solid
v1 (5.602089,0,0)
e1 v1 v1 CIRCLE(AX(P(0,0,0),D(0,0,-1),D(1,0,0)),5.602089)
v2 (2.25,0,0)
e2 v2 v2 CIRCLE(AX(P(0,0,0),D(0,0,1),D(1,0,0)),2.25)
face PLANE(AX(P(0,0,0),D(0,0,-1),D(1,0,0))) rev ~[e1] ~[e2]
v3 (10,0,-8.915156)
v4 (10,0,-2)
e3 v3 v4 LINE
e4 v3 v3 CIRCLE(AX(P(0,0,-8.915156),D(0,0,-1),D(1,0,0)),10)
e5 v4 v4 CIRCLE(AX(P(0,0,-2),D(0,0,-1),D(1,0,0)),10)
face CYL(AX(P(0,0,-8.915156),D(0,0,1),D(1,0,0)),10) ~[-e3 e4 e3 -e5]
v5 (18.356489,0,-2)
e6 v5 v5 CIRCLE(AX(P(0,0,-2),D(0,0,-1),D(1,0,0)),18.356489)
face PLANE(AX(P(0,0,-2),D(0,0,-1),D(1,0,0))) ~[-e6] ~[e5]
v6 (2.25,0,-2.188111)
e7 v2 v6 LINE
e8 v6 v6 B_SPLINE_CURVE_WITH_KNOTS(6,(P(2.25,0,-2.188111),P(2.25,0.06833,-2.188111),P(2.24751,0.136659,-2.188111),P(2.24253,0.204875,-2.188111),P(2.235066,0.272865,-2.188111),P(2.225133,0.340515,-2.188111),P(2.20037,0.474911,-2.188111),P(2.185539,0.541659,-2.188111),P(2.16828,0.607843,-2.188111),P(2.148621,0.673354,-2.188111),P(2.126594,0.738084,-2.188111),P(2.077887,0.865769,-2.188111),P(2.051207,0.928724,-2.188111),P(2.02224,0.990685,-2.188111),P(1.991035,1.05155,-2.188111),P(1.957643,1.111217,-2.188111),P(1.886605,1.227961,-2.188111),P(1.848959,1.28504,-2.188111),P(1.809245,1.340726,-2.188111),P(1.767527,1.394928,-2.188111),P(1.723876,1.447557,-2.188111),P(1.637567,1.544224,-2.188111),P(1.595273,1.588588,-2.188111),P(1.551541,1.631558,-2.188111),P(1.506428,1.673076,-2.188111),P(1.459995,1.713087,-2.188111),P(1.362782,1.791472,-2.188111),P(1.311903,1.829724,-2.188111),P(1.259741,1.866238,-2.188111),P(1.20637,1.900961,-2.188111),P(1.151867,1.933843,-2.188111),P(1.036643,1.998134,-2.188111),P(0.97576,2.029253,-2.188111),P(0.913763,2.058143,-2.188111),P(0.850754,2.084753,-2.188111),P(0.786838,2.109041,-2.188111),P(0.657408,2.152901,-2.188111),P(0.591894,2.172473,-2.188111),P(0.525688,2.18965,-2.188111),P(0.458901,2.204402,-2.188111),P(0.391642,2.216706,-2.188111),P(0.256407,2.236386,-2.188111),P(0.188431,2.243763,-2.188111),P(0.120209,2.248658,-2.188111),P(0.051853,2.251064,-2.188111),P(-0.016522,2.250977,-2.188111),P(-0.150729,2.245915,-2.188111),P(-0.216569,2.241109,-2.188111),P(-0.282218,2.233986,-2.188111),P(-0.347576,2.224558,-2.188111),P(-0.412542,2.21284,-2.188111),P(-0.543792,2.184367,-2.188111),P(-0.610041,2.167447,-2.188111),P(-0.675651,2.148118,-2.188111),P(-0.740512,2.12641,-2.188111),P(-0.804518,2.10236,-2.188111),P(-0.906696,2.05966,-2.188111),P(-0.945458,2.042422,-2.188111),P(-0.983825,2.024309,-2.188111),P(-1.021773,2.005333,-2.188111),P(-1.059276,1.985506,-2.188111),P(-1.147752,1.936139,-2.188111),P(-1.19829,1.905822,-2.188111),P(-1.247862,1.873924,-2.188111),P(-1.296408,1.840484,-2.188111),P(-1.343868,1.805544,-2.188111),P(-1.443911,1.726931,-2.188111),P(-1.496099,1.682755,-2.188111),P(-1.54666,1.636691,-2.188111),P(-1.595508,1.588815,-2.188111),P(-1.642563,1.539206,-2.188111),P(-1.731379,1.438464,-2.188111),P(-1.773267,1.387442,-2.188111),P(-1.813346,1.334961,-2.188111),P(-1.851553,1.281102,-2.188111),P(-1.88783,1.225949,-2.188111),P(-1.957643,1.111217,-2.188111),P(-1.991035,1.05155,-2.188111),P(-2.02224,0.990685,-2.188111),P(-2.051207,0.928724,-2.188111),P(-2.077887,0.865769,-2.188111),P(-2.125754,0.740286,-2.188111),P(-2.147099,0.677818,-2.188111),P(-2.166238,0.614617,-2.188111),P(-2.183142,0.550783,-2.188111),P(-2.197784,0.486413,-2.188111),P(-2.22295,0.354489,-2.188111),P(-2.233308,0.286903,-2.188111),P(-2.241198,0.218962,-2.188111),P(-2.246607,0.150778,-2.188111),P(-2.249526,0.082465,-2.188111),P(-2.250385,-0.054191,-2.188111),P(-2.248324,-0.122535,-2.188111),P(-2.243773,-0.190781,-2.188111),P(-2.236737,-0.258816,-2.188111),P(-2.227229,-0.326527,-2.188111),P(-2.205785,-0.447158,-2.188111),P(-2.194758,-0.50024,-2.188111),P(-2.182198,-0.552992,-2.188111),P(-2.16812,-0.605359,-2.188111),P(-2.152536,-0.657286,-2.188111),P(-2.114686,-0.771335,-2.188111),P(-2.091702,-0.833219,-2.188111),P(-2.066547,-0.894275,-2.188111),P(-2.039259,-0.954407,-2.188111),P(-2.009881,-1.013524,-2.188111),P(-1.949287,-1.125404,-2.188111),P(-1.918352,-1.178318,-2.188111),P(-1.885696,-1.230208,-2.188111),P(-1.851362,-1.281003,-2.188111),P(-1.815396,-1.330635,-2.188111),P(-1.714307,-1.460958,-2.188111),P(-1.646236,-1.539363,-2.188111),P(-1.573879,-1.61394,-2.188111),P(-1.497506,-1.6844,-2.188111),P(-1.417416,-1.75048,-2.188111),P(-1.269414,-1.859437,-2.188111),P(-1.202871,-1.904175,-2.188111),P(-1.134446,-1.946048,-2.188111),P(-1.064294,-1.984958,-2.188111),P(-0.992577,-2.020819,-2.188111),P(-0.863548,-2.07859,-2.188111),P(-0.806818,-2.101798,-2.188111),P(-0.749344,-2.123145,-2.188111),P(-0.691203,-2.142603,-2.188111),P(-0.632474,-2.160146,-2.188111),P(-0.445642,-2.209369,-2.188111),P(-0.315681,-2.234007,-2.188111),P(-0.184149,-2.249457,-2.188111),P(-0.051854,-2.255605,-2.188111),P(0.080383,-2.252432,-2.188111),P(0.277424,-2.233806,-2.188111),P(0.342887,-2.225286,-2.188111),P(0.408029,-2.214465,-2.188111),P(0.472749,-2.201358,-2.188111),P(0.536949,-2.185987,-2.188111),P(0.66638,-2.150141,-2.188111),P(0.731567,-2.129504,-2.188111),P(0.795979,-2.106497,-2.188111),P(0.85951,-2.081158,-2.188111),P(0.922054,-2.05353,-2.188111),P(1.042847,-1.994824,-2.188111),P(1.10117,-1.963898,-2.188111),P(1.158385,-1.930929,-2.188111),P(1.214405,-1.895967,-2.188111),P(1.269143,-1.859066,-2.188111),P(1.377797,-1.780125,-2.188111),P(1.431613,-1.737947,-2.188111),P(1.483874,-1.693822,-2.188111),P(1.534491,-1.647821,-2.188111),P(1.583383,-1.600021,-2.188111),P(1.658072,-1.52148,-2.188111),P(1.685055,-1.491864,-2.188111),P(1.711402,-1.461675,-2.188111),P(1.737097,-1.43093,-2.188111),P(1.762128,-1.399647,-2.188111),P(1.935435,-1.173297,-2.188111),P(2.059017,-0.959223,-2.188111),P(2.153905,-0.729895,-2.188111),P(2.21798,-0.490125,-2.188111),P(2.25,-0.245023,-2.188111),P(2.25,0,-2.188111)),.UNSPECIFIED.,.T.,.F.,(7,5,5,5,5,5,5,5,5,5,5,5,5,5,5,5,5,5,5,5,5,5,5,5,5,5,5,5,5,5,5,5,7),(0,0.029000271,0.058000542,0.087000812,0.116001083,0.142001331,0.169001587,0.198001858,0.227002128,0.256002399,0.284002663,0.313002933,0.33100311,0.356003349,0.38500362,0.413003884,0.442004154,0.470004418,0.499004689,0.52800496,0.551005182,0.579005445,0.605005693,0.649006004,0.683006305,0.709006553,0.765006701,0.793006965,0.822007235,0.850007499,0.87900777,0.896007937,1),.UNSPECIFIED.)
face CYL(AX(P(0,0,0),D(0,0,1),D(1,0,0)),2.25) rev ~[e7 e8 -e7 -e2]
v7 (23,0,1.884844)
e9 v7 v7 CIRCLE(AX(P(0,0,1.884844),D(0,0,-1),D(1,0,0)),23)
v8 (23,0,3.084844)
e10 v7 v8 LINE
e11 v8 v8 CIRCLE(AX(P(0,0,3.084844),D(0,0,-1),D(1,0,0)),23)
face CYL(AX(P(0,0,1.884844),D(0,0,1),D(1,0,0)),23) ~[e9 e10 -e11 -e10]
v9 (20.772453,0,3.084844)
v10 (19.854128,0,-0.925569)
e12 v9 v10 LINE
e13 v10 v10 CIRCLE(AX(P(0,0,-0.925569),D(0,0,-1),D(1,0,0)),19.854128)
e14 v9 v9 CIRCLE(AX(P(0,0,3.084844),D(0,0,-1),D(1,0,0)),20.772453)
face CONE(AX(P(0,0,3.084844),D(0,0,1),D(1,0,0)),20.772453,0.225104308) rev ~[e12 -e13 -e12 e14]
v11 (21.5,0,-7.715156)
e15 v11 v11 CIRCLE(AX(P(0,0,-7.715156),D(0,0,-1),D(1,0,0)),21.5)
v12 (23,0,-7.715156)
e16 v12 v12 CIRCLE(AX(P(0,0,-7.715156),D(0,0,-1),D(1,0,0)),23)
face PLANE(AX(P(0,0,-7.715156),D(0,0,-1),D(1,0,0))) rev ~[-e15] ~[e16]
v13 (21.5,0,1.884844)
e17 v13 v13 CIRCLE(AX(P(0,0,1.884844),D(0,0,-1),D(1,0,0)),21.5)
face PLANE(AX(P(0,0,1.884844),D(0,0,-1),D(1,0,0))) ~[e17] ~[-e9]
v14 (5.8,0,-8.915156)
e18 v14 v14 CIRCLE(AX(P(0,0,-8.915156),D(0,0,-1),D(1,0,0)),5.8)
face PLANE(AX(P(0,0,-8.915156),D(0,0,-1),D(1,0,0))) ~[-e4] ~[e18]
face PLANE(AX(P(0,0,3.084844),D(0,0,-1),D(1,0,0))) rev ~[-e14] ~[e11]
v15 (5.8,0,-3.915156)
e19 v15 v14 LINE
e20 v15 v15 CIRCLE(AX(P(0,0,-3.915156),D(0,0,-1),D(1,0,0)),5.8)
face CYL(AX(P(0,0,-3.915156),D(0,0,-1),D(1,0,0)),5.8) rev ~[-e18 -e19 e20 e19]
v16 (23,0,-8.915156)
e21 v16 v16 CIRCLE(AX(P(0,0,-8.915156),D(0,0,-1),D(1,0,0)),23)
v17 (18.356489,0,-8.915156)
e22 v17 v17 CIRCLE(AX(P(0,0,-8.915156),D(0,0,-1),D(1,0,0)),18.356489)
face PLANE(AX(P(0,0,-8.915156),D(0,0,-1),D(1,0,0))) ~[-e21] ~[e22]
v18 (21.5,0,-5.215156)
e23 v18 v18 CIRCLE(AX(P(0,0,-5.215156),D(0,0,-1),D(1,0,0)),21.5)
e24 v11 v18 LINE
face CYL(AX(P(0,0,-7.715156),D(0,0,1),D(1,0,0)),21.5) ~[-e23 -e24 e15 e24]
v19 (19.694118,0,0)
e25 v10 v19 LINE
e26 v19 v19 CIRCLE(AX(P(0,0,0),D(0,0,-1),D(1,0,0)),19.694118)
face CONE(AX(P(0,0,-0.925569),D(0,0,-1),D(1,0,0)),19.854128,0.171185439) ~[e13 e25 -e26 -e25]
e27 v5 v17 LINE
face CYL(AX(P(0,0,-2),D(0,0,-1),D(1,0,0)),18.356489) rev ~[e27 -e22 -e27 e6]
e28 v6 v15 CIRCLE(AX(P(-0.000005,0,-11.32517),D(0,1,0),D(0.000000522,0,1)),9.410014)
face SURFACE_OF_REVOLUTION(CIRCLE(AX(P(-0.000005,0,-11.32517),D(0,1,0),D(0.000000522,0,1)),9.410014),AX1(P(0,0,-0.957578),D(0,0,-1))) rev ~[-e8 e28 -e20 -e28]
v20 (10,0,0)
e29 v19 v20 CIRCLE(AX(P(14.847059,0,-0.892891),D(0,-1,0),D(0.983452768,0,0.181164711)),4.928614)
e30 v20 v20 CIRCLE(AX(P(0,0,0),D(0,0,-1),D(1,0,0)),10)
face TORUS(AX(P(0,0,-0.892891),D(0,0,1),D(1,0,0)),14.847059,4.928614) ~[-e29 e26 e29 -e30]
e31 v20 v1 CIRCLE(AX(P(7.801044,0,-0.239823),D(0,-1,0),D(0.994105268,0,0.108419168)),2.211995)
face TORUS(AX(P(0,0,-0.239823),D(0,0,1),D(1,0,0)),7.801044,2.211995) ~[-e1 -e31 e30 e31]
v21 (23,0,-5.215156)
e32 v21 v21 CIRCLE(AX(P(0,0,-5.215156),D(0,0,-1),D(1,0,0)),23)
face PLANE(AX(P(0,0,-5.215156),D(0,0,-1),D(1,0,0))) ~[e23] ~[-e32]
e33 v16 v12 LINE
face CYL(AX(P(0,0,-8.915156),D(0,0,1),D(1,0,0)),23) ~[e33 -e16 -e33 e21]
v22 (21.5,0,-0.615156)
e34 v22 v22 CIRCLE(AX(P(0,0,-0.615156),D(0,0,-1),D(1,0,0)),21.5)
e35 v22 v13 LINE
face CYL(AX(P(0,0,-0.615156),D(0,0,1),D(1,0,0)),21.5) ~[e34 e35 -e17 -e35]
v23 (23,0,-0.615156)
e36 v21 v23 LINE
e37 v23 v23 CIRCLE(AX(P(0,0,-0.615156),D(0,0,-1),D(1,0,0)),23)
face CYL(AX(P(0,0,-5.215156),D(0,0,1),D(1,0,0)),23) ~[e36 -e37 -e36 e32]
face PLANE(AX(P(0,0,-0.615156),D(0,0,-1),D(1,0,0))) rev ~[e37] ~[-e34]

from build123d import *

# Parameters (mm, degrees)
F2_R     = 2.25
F3_DEPTH = 8.916156


with BuildPart() as f1:
    # F0 (on Front) → F1 (revolve)
    with BuildSketch(Plane.XZ):
        with BuildLine():
            Line((4.850819, 0), (0, 0))
            Line((0, 0), (0, -1.915156))
            ThreePointArc((0, -1.915156), (3.067572, -2.429197), (5.8, -3.915156))
            Line((5.8, -3.915156), (5.8, -8.915156))
            Line((5.8, -8.915156), (10, -8.915156))
            Line((10, -8.915156), (10, -2))
            Line((10, -2), (18.356489, -2))
            Line((18.356489, -2), (18.356489, -8.915156))
            Line((18.356489, -8.915156), (23, -8.915156))
            Line((23, -8.915156), (23, -7.715156))
            Line((23, -7.715156), (21.5, -7.715156))
            Line((21.5, -7.715156), (21.5, -5.215156))
            Line((21.5, -5.215156), (23, -5.215156))
            Line((23, -5.215156), (23, -0.615156))
            Line((23, -0.615156), (21.5, -0.615156))
            Line((21.5, -0.615156), (21.5, 1.884844))
            Line((21.5, 1.884844), (23, 1.884844))
            Line((23, 1.884844), (23, 3.084844))
            Line((23, 3.084844), (20.772453, 3.084844))
            Line((20.772453, 3.084844), (19.854128, -0.925569))
            Line((19.854128, -0.925569), (19.694118, 0))
            ThreePointArc((19.694118, 0), (14.847059, 4.035723), (10, 0))
            ThreePointArc((10, 0), (7.801044, 1.972172), (5.602089, 0))
            Line((5.602089, 0), (4.850819, 0))
        make_face()
    revolve(axis=Axis((0, 0, -0.957578), (0, 0, -1)))

    # F2 (on face) → F3 (cut, through all)
    with BuildSketch(Plane.XY):
        Circle(F2_R)
    extrude(amount=-F3_DEPTH, mode=Mode.SUBTRACT)


solid = f1.part
